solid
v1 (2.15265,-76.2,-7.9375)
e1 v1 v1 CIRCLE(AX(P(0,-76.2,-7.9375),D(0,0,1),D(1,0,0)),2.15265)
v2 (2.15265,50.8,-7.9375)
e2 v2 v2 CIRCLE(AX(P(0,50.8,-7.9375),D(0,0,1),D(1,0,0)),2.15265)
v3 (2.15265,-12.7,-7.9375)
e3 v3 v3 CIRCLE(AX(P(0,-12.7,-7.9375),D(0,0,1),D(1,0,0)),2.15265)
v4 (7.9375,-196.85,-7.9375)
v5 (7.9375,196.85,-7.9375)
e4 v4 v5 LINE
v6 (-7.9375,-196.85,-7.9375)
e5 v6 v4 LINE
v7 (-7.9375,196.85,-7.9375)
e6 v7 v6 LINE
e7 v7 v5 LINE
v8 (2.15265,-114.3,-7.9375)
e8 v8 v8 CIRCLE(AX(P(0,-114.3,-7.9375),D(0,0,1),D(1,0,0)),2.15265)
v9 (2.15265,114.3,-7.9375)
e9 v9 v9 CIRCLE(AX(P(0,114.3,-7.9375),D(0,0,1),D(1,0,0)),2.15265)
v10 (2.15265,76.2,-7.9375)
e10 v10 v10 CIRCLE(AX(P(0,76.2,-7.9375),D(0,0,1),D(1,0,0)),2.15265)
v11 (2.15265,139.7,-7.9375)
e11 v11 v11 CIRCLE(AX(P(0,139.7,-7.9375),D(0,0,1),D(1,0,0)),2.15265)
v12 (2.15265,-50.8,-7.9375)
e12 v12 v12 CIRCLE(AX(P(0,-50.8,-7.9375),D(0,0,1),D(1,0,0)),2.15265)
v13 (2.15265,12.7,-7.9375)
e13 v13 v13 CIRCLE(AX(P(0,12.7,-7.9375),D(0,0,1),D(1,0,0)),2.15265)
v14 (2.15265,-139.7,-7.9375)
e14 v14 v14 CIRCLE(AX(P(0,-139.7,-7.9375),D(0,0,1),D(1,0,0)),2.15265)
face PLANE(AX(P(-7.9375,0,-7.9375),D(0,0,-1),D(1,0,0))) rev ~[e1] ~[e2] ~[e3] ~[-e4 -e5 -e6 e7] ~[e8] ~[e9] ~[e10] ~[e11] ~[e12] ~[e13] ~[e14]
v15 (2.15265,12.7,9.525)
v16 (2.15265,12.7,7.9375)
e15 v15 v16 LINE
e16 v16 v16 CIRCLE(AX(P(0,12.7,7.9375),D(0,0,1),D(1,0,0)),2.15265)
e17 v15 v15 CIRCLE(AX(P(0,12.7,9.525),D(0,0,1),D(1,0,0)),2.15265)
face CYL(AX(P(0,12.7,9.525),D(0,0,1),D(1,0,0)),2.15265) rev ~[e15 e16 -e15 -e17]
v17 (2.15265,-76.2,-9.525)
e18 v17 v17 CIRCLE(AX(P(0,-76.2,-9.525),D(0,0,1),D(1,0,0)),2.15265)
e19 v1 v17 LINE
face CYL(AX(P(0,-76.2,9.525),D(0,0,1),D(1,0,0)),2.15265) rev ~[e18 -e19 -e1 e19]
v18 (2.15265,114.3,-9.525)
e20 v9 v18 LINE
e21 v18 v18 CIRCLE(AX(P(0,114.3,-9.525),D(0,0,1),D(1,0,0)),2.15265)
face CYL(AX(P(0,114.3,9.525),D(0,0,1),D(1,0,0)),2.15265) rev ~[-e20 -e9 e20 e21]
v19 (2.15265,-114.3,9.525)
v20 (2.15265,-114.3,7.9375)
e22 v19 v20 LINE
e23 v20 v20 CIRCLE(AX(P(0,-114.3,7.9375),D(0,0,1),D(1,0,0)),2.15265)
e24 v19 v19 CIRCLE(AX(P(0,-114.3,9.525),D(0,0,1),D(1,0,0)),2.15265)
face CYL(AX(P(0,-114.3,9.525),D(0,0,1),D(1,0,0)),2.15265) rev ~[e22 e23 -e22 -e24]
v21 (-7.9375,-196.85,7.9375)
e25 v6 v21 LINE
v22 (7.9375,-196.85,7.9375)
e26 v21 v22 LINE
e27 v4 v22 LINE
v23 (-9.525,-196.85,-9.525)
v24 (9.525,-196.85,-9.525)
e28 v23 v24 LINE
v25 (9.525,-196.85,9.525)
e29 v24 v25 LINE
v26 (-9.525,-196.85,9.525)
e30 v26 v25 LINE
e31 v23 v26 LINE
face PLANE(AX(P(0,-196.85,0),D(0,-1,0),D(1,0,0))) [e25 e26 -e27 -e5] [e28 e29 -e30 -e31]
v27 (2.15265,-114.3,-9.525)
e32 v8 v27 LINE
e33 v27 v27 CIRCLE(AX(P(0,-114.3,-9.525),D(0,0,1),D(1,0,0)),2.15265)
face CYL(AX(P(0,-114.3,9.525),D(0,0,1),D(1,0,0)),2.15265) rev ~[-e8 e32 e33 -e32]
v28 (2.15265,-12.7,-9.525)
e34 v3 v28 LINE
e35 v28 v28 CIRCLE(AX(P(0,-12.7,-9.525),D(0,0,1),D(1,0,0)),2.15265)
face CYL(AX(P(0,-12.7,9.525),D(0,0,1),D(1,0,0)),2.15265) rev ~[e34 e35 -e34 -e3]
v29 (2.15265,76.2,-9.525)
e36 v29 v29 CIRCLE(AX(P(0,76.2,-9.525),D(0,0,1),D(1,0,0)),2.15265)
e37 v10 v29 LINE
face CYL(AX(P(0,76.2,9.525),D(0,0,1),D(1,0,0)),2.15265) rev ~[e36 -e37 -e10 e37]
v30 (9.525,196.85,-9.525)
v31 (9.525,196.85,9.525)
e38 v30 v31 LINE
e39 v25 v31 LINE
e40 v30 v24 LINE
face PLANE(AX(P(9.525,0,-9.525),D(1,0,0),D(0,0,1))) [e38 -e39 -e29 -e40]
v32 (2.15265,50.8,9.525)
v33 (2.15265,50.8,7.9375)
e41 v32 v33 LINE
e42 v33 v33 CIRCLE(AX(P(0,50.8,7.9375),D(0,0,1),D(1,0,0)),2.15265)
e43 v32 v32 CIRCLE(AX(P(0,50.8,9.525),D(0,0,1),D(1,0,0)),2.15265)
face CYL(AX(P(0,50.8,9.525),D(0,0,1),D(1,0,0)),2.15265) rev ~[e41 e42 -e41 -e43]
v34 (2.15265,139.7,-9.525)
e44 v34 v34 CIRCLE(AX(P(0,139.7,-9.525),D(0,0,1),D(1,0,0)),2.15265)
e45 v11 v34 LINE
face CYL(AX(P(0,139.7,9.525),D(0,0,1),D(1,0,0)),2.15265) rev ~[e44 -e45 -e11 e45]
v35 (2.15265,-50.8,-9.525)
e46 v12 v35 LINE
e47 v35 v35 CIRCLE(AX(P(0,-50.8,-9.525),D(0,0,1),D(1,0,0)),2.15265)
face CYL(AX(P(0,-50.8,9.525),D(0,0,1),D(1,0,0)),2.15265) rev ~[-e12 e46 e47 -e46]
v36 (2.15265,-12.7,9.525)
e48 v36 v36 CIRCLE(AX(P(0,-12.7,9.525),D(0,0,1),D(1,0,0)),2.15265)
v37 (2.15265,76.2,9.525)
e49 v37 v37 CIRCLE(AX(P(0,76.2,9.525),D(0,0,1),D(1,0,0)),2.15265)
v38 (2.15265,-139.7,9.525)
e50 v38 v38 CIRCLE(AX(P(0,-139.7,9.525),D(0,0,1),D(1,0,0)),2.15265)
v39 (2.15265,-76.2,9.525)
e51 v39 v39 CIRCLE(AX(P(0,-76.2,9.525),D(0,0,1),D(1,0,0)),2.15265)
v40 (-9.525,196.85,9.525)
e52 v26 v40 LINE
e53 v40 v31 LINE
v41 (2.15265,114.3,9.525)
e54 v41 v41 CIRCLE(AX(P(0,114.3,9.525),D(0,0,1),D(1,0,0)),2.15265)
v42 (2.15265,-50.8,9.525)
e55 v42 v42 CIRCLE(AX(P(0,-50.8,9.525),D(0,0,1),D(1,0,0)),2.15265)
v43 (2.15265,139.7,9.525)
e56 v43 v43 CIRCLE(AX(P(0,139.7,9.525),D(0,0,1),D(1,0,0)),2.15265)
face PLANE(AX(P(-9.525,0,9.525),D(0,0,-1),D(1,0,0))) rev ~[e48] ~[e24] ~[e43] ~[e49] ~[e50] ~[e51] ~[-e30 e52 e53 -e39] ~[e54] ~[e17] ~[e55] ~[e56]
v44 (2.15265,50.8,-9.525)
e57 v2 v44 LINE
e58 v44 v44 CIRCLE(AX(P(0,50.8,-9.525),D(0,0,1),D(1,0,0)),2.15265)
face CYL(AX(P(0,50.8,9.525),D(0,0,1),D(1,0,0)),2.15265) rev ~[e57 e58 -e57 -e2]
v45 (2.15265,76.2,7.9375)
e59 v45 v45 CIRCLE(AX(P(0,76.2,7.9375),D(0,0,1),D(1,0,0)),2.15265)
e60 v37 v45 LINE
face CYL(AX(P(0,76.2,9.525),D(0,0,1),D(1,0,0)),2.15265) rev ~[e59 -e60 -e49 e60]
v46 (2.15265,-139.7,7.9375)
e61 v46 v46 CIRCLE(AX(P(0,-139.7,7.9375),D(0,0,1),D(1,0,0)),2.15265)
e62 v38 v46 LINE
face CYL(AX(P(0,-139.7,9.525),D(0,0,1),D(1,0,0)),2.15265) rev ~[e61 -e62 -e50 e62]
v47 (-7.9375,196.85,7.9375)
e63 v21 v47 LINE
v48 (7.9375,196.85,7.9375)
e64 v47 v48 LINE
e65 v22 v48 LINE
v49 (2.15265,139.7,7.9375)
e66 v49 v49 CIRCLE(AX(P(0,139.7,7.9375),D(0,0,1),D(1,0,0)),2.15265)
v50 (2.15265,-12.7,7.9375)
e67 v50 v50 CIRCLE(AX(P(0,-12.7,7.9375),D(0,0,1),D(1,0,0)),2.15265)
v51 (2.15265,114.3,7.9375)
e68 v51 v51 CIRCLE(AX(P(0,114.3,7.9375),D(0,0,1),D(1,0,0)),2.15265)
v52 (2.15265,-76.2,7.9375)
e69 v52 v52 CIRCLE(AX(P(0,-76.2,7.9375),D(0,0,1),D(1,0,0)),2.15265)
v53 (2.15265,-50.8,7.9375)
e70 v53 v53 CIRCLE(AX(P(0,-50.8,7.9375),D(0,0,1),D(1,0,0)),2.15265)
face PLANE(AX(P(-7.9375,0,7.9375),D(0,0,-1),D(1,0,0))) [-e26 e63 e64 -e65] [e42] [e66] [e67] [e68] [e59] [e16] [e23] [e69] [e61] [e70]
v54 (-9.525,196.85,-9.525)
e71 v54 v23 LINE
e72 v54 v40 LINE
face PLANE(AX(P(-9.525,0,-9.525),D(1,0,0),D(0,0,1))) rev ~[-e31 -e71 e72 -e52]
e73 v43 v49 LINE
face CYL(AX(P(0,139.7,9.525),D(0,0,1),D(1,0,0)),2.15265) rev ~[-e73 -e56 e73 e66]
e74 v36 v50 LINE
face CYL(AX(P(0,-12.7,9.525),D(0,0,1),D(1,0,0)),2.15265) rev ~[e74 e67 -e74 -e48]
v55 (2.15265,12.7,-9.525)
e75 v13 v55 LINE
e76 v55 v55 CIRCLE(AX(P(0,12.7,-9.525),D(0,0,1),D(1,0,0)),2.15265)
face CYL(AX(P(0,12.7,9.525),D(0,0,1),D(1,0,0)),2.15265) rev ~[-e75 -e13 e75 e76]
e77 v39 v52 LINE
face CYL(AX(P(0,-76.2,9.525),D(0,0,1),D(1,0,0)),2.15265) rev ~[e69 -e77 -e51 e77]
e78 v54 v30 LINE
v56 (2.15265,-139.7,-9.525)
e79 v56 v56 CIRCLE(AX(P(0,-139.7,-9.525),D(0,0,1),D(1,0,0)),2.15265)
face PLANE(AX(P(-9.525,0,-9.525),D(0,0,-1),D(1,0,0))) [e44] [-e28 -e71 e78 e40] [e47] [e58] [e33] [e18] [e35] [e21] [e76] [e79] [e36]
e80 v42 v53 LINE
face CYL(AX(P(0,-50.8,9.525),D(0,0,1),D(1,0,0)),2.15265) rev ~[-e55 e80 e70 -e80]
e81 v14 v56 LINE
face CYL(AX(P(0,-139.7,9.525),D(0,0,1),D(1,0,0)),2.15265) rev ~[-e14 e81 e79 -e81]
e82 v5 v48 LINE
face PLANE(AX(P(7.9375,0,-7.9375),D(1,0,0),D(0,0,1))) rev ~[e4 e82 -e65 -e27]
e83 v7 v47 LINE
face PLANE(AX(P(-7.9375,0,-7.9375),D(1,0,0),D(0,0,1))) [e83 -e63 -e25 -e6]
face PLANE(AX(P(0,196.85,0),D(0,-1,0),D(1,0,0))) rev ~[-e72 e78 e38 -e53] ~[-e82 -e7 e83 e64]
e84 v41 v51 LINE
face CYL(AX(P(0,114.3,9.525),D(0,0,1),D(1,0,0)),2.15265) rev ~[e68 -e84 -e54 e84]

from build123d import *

# Parameters (mm, degrees)
F0_W       = 19.05
F0_H       = 19.05
F0_W_2     = 15.875
F0_H_2     = 15.875
F1_DEPTH   = 196.85
F2_R       = 2.15265
F1_FACE1_W = 19.05
F1_FACE1_H = 393.7
F3_DEPTH   = 25.4


with BuildPart() as f1:
    # F0 (on Front) → F1 (new body, symmetric)
    with BuildSketch(Plane.XZ):
        Rectangle(F0_W, F0_H)
        Rectangle(F0_W_2, F0_H_2, mode=Mode.SUBTRACT)
    extrude(amount=F1_DEPTH, both=True)

    # F2 (on face) + F1_face1 (on face) → F3 (cut)
    with BuildSketch(Plane.XY.offset(9.525)):
        with Locations((0, 12.7)):
            Circle(F2_R)
        with Locations((0, -12.7)):
            Circle(F2_R)
        with Locations((0, 76.2)):
            Circle(F2_R)
        with Locations((0, 50.8)):
            Circle(F2_R)
        with Locations((0, 139.7)):
            Circle(F2_R)
        with Locations((0, 114.3)):
            Circle(F2_R)
        with Locations((0, -50.8)):
            Circle(F2_R)
        with Locations((0, -76.2)):
            Circle(F2_R)
        with Locations((0, -114.3)):
            Circle(F2_R)
        with Locations((0, -139.7)):
            Circle(F2_R)
    with BuildSketch(Plane(origin=(0, 0, -9.525), x_dir=(1, 0, 0), z_dir=(0, 0, -1))):
        Rectangle(F1_FACE1_W, F1_FACE1_H)
    extrude(amount=-F3_DEPTH, dir=(0, 0, 1), mode=Mode.SUBTRACT)


solid = f1.part
